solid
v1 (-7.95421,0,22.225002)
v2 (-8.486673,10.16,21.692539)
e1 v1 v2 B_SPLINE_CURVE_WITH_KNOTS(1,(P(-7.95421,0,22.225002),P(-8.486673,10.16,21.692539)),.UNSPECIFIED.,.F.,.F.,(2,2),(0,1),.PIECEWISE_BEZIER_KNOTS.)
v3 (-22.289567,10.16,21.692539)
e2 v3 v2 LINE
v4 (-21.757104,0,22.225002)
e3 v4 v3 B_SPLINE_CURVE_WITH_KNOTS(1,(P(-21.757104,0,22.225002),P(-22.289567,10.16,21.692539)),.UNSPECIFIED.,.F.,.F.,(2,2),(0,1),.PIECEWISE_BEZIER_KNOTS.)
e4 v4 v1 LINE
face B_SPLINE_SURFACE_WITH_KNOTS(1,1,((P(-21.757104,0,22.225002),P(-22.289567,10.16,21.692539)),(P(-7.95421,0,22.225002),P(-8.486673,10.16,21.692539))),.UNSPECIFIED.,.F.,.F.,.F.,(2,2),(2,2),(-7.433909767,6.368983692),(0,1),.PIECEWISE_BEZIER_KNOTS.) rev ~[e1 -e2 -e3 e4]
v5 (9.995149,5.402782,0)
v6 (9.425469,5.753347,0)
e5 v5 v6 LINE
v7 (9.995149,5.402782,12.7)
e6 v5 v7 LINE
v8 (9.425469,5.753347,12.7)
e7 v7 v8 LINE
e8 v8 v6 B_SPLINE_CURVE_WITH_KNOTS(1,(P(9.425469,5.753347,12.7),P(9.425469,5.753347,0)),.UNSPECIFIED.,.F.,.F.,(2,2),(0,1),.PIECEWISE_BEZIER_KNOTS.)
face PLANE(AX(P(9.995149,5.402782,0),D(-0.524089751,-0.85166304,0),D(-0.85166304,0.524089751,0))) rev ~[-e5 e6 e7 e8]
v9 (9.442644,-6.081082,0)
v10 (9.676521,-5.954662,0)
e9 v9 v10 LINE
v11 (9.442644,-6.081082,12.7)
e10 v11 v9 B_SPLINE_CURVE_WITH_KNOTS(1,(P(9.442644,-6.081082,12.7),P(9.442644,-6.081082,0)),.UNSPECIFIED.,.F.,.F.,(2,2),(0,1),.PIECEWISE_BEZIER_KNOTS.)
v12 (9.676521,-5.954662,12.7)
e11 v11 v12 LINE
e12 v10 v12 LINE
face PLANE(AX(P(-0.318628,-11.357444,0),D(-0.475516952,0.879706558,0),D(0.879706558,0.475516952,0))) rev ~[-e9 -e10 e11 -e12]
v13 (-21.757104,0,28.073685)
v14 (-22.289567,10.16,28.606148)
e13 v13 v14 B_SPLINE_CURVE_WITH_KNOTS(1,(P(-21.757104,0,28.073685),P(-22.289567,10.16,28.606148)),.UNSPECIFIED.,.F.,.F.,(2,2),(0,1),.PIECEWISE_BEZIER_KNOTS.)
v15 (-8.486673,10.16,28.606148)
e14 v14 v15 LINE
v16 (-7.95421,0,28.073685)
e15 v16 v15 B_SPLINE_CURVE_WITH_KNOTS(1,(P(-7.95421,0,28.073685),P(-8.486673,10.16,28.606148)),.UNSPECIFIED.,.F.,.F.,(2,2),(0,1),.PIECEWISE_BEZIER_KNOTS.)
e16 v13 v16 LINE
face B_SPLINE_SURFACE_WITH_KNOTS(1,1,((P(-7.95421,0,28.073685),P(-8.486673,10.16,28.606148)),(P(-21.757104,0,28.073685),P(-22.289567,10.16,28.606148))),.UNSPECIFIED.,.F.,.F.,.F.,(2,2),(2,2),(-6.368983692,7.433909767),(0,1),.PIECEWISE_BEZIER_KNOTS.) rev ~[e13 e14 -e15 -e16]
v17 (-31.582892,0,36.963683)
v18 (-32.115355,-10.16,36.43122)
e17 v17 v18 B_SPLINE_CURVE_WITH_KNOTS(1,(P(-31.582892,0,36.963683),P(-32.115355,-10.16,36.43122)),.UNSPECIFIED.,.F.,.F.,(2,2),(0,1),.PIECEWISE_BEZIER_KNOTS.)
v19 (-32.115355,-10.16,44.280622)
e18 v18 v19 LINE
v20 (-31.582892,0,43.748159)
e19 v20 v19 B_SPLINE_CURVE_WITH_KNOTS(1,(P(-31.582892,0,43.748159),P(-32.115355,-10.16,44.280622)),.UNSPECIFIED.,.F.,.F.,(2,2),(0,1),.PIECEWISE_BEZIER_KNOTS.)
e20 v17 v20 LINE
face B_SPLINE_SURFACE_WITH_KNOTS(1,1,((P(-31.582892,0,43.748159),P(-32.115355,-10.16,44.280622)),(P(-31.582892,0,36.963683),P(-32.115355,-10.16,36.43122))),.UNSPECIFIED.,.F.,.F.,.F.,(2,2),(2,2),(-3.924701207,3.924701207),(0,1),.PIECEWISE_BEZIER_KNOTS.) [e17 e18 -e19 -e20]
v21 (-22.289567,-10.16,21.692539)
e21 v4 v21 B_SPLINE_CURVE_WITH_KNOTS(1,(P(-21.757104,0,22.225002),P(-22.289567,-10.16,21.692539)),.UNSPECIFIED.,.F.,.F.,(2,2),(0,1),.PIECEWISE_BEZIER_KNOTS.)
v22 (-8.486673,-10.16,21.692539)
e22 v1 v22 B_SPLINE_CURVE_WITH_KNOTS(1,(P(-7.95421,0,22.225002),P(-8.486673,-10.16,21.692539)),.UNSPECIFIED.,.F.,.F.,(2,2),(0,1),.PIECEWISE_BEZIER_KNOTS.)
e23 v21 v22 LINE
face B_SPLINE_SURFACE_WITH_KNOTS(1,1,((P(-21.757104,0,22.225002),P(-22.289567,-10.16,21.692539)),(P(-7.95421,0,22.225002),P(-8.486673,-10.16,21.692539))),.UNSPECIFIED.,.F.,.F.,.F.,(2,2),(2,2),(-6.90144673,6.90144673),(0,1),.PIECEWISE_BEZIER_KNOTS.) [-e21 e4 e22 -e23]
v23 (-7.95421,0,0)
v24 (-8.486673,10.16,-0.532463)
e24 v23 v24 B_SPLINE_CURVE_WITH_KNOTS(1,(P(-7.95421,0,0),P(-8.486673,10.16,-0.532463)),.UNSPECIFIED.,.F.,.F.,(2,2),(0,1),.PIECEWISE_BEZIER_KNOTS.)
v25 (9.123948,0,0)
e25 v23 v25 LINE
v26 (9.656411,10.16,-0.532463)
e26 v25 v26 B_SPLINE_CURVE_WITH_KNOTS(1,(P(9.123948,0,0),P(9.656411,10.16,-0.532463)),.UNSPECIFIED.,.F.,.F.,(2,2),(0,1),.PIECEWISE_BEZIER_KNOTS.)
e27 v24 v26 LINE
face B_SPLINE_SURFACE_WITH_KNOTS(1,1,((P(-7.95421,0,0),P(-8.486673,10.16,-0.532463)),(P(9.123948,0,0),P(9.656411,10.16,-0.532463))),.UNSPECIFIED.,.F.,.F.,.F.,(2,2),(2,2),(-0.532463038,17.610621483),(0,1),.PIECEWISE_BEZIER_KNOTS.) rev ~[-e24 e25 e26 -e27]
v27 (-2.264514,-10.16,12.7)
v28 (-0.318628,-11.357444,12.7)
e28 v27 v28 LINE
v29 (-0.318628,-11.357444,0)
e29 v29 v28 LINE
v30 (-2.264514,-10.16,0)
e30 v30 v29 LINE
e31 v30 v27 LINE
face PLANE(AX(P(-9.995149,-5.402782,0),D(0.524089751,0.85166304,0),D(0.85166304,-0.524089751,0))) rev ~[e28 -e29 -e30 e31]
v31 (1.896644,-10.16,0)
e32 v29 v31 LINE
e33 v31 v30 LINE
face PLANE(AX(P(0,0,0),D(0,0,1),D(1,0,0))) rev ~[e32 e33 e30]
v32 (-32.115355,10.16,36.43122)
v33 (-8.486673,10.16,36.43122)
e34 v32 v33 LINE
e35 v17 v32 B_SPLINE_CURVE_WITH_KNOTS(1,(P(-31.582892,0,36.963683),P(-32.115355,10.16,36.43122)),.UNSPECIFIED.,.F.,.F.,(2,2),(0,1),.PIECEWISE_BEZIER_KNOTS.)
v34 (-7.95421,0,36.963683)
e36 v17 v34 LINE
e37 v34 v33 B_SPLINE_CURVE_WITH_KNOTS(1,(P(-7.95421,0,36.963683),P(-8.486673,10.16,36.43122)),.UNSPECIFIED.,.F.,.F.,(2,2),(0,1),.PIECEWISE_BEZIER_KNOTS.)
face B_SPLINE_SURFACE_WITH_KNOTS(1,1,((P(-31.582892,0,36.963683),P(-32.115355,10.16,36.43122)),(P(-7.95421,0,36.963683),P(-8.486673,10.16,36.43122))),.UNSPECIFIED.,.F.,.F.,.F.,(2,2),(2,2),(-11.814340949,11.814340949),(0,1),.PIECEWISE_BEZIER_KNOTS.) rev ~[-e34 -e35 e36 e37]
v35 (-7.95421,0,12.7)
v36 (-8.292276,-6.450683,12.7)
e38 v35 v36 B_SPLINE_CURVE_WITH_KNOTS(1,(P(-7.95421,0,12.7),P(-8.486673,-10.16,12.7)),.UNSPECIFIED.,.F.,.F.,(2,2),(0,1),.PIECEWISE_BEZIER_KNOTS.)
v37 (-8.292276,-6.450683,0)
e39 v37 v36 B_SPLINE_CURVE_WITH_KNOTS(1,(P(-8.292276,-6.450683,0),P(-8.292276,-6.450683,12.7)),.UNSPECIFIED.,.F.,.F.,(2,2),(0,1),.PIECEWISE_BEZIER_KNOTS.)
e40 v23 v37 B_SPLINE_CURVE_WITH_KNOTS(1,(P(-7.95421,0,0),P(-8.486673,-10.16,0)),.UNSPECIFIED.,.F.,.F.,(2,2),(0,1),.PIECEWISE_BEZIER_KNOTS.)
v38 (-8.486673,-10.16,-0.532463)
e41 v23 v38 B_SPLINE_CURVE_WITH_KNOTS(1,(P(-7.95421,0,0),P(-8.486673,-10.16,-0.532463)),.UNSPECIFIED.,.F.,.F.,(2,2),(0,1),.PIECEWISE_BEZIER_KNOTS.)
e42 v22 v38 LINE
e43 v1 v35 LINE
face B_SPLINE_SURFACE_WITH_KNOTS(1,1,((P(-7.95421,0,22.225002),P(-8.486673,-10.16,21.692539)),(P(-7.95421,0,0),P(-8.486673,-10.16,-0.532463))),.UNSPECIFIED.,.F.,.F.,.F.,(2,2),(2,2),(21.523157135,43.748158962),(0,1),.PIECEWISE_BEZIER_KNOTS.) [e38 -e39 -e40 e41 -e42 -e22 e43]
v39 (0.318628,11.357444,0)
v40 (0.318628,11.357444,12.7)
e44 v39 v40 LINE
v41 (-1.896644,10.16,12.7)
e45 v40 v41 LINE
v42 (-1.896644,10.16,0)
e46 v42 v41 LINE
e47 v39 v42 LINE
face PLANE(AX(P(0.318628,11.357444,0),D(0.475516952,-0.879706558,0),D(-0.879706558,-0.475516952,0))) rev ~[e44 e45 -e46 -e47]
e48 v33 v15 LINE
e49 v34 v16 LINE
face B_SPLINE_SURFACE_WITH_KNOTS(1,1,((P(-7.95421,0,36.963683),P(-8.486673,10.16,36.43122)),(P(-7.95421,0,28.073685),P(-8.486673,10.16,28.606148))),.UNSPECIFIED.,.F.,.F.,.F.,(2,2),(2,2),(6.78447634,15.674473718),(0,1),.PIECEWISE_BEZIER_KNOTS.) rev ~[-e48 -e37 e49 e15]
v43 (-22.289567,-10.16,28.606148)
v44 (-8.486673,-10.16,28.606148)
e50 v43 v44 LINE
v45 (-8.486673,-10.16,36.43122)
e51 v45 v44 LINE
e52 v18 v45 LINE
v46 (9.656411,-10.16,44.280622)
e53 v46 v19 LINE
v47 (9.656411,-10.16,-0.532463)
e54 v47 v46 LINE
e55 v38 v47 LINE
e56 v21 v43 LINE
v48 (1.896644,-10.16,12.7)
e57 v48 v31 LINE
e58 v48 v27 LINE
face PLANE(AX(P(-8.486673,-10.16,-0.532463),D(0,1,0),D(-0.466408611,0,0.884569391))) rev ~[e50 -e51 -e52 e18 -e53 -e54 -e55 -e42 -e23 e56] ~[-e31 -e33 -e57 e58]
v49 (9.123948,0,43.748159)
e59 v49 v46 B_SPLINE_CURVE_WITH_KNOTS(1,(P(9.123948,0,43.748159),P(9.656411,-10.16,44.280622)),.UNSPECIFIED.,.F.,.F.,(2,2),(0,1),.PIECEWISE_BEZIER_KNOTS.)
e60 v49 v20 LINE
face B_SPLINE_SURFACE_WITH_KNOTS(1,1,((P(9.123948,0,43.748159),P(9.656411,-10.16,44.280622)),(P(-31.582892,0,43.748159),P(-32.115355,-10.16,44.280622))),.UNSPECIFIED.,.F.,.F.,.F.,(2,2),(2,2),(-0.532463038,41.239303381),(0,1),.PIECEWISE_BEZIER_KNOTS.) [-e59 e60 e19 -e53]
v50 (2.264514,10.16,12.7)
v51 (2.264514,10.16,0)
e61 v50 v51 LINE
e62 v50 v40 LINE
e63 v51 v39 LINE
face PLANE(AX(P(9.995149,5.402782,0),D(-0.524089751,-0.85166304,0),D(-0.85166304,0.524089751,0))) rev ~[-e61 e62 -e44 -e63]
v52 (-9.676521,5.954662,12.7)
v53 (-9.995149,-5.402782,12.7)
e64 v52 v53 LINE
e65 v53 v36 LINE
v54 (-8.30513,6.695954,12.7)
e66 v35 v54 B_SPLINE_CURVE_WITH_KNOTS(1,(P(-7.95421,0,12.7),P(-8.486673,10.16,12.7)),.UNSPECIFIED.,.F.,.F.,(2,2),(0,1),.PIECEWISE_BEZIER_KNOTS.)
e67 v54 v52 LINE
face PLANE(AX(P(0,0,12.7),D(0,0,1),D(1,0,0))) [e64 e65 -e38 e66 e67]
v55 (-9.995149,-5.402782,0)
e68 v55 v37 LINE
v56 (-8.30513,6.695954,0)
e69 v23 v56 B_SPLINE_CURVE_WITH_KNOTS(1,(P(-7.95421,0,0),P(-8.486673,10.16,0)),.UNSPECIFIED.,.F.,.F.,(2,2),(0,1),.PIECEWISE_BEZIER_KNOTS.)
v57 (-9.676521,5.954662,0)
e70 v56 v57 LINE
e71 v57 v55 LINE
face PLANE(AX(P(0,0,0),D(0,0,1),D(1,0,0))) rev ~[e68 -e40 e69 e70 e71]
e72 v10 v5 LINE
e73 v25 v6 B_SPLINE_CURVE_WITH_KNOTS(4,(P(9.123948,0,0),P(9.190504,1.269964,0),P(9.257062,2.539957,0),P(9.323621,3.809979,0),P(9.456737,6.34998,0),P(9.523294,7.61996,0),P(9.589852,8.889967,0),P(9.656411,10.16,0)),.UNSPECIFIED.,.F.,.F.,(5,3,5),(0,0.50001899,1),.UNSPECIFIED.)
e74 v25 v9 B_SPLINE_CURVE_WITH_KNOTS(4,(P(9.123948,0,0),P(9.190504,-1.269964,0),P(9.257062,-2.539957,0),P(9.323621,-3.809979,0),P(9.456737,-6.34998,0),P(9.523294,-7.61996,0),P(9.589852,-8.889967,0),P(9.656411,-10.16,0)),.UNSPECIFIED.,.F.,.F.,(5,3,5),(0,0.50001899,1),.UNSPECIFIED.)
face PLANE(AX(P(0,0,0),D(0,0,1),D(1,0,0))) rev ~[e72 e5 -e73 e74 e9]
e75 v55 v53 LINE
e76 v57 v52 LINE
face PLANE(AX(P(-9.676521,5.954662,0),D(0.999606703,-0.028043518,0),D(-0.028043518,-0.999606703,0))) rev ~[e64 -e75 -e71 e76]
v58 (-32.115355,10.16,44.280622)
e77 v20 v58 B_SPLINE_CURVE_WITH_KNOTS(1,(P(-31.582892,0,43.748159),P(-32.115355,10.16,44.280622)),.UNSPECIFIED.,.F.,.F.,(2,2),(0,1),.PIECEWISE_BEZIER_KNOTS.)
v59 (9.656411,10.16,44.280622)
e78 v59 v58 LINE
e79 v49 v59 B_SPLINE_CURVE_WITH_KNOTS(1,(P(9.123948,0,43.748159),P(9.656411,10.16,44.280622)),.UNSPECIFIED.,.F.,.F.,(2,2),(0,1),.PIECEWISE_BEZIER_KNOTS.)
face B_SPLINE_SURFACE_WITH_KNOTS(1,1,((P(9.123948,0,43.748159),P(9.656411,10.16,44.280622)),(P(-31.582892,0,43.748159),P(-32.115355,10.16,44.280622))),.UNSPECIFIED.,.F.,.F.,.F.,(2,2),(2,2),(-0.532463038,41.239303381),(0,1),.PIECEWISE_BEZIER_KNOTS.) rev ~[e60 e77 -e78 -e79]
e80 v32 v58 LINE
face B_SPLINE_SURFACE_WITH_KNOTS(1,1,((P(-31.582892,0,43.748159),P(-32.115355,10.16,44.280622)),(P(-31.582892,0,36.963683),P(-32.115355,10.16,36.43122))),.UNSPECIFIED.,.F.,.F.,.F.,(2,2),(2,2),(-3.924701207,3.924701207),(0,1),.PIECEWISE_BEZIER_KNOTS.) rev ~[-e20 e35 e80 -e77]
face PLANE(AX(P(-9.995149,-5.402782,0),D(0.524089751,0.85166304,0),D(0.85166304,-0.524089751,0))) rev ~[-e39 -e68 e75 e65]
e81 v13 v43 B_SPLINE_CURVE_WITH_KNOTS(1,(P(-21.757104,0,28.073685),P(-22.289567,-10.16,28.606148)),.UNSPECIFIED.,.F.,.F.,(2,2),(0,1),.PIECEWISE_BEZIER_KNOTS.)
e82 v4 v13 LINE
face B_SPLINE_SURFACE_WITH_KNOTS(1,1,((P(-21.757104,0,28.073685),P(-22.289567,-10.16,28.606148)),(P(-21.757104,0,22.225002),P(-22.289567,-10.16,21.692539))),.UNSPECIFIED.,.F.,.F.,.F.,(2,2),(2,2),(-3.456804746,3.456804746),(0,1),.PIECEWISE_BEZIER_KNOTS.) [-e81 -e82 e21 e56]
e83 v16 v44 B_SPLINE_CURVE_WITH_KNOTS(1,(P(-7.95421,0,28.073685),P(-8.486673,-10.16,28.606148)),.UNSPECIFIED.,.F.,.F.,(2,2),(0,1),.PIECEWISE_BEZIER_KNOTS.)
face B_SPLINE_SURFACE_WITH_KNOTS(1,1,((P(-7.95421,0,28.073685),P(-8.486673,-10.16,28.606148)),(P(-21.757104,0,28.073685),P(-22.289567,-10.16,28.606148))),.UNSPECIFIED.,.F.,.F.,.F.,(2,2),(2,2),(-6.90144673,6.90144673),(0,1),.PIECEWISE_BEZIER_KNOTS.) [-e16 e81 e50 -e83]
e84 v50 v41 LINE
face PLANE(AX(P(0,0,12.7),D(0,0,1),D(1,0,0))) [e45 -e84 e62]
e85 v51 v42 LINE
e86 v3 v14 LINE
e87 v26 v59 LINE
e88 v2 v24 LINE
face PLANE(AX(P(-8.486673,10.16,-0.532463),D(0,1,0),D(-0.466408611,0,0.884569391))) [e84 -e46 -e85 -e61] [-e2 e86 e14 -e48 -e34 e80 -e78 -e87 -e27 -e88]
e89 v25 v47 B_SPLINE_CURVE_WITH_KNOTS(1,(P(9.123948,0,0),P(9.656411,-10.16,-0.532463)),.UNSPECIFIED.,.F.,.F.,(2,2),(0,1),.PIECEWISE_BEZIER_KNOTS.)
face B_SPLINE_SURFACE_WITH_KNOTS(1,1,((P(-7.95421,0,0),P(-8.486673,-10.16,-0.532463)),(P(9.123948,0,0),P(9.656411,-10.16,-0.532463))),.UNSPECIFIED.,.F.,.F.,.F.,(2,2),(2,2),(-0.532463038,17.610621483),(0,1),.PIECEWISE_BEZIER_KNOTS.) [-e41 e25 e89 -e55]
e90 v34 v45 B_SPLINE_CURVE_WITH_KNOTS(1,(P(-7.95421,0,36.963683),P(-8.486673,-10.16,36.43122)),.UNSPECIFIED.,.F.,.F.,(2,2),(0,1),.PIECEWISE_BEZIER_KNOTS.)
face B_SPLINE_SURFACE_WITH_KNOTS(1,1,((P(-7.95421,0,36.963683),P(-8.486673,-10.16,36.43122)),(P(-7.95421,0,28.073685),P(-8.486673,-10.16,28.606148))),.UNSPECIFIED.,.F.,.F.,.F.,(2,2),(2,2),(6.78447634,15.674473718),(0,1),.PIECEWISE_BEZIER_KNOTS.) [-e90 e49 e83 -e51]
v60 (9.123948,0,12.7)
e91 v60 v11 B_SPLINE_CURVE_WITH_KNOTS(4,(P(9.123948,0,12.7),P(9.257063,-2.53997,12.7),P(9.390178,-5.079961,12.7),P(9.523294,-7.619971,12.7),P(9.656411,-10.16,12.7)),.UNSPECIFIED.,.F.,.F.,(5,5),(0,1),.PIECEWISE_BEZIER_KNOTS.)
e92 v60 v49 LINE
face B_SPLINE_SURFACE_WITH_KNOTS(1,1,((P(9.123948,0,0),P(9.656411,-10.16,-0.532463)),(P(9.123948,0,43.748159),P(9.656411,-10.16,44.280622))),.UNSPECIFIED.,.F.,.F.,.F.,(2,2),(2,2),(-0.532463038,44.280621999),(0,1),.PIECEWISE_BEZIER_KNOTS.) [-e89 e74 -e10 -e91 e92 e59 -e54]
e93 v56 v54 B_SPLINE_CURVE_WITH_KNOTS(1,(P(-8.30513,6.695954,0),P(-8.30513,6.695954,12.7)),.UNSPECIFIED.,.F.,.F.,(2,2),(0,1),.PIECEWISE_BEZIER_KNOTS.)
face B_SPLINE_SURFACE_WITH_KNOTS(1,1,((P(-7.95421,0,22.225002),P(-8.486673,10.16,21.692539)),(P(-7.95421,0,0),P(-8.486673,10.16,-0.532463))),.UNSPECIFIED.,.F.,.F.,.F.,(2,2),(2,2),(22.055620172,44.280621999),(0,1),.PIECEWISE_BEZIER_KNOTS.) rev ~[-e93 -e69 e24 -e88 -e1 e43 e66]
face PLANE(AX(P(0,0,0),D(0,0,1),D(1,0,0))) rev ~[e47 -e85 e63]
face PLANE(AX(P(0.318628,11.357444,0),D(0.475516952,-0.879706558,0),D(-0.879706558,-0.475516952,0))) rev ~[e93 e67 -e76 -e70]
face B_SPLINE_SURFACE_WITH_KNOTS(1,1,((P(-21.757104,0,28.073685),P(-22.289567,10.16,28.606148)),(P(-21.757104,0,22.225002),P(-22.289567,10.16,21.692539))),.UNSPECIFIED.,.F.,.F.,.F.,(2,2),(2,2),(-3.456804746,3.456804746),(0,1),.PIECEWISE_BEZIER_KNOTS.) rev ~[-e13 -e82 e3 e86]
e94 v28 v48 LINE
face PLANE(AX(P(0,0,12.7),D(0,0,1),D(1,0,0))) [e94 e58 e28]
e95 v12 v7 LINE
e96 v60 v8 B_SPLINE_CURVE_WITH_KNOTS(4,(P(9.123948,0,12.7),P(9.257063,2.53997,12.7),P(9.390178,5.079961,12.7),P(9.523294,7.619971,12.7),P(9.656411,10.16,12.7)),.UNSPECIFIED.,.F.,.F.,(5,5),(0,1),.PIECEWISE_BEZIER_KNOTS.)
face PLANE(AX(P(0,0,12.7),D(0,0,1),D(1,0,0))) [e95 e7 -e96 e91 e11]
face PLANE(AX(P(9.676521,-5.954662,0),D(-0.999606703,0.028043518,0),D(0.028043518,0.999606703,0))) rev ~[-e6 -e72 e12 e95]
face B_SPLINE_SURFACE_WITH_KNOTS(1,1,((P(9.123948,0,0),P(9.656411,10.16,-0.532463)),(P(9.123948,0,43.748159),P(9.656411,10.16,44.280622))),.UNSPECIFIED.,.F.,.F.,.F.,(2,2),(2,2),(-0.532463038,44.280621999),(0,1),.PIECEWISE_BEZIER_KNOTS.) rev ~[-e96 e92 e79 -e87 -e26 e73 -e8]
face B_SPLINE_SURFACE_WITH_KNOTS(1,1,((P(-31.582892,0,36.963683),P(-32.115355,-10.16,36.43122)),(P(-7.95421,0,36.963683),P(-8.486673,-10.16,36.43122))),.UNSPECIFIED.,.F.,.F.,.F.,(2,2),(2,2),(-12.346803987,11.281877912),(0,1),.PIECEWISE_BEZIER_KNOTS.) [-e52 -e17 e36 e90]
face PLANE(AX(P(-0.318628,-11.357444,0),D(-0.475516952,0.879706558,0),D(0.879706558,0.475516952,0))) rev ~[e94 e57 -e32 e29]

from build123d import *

# Parameters (mm, degrees)
F1_DEPTH      = 12.7
F2_W          = 13.8028934598
F2_H          = 5.8486834168
F2_W_2        = 23.6286818981
F2_H_2        = 6.7844763398
F3_DEPTH      = 10.16
F3_TAPER      = -3
F3_DEPTH_BACK = 10.16
F3_TAPER_BACK = -3


with BuildPart() as f1:
    # F0 (on Top) → F1 (new body)
    with BuildSketch(Plane.XY):
        Polygon((0.318628002, 11.3574438673), (-9.6765209102, 5.9546618778), (-9.9951489122, -5.4027819896), (-0.318628002, -11.3574438673), (9.6765209102, -5.9546618778), (9.9951489122, 5.4027819896), align=None)
    extrude(amount=F1_DEPTH)

    # F2 (on Front) → F3 (join, two sides)
    with BuildSketch(Plane.XZ) as f3_sk:
        Polygon((-7.954210043, 0), (9.1239484027, 0), (9.1239484027, 43.7481589615), (-7.954210043, 43.7481589615), (-7.954210043, 36.9636826217), (-7.954210043, 28.0736852437), (-7.954210043, 22.2250018269), align=None)
        with Locations((-14.8556567729, 25.1493435353)):
            Rectangle(F2_W, F2_H)
        with Locations((-19.768550992, 40.3559207916)):
            Rectangle(F2_W_2, F2_H_2)
    extrude(amount=F3_DEPTH, taper=F3_TAPER)
    extrude(f3_sk.sketch, amount=-F3_DEPTH_BACK, taper=F3_TAPER_BACK)


solid = f1.part
